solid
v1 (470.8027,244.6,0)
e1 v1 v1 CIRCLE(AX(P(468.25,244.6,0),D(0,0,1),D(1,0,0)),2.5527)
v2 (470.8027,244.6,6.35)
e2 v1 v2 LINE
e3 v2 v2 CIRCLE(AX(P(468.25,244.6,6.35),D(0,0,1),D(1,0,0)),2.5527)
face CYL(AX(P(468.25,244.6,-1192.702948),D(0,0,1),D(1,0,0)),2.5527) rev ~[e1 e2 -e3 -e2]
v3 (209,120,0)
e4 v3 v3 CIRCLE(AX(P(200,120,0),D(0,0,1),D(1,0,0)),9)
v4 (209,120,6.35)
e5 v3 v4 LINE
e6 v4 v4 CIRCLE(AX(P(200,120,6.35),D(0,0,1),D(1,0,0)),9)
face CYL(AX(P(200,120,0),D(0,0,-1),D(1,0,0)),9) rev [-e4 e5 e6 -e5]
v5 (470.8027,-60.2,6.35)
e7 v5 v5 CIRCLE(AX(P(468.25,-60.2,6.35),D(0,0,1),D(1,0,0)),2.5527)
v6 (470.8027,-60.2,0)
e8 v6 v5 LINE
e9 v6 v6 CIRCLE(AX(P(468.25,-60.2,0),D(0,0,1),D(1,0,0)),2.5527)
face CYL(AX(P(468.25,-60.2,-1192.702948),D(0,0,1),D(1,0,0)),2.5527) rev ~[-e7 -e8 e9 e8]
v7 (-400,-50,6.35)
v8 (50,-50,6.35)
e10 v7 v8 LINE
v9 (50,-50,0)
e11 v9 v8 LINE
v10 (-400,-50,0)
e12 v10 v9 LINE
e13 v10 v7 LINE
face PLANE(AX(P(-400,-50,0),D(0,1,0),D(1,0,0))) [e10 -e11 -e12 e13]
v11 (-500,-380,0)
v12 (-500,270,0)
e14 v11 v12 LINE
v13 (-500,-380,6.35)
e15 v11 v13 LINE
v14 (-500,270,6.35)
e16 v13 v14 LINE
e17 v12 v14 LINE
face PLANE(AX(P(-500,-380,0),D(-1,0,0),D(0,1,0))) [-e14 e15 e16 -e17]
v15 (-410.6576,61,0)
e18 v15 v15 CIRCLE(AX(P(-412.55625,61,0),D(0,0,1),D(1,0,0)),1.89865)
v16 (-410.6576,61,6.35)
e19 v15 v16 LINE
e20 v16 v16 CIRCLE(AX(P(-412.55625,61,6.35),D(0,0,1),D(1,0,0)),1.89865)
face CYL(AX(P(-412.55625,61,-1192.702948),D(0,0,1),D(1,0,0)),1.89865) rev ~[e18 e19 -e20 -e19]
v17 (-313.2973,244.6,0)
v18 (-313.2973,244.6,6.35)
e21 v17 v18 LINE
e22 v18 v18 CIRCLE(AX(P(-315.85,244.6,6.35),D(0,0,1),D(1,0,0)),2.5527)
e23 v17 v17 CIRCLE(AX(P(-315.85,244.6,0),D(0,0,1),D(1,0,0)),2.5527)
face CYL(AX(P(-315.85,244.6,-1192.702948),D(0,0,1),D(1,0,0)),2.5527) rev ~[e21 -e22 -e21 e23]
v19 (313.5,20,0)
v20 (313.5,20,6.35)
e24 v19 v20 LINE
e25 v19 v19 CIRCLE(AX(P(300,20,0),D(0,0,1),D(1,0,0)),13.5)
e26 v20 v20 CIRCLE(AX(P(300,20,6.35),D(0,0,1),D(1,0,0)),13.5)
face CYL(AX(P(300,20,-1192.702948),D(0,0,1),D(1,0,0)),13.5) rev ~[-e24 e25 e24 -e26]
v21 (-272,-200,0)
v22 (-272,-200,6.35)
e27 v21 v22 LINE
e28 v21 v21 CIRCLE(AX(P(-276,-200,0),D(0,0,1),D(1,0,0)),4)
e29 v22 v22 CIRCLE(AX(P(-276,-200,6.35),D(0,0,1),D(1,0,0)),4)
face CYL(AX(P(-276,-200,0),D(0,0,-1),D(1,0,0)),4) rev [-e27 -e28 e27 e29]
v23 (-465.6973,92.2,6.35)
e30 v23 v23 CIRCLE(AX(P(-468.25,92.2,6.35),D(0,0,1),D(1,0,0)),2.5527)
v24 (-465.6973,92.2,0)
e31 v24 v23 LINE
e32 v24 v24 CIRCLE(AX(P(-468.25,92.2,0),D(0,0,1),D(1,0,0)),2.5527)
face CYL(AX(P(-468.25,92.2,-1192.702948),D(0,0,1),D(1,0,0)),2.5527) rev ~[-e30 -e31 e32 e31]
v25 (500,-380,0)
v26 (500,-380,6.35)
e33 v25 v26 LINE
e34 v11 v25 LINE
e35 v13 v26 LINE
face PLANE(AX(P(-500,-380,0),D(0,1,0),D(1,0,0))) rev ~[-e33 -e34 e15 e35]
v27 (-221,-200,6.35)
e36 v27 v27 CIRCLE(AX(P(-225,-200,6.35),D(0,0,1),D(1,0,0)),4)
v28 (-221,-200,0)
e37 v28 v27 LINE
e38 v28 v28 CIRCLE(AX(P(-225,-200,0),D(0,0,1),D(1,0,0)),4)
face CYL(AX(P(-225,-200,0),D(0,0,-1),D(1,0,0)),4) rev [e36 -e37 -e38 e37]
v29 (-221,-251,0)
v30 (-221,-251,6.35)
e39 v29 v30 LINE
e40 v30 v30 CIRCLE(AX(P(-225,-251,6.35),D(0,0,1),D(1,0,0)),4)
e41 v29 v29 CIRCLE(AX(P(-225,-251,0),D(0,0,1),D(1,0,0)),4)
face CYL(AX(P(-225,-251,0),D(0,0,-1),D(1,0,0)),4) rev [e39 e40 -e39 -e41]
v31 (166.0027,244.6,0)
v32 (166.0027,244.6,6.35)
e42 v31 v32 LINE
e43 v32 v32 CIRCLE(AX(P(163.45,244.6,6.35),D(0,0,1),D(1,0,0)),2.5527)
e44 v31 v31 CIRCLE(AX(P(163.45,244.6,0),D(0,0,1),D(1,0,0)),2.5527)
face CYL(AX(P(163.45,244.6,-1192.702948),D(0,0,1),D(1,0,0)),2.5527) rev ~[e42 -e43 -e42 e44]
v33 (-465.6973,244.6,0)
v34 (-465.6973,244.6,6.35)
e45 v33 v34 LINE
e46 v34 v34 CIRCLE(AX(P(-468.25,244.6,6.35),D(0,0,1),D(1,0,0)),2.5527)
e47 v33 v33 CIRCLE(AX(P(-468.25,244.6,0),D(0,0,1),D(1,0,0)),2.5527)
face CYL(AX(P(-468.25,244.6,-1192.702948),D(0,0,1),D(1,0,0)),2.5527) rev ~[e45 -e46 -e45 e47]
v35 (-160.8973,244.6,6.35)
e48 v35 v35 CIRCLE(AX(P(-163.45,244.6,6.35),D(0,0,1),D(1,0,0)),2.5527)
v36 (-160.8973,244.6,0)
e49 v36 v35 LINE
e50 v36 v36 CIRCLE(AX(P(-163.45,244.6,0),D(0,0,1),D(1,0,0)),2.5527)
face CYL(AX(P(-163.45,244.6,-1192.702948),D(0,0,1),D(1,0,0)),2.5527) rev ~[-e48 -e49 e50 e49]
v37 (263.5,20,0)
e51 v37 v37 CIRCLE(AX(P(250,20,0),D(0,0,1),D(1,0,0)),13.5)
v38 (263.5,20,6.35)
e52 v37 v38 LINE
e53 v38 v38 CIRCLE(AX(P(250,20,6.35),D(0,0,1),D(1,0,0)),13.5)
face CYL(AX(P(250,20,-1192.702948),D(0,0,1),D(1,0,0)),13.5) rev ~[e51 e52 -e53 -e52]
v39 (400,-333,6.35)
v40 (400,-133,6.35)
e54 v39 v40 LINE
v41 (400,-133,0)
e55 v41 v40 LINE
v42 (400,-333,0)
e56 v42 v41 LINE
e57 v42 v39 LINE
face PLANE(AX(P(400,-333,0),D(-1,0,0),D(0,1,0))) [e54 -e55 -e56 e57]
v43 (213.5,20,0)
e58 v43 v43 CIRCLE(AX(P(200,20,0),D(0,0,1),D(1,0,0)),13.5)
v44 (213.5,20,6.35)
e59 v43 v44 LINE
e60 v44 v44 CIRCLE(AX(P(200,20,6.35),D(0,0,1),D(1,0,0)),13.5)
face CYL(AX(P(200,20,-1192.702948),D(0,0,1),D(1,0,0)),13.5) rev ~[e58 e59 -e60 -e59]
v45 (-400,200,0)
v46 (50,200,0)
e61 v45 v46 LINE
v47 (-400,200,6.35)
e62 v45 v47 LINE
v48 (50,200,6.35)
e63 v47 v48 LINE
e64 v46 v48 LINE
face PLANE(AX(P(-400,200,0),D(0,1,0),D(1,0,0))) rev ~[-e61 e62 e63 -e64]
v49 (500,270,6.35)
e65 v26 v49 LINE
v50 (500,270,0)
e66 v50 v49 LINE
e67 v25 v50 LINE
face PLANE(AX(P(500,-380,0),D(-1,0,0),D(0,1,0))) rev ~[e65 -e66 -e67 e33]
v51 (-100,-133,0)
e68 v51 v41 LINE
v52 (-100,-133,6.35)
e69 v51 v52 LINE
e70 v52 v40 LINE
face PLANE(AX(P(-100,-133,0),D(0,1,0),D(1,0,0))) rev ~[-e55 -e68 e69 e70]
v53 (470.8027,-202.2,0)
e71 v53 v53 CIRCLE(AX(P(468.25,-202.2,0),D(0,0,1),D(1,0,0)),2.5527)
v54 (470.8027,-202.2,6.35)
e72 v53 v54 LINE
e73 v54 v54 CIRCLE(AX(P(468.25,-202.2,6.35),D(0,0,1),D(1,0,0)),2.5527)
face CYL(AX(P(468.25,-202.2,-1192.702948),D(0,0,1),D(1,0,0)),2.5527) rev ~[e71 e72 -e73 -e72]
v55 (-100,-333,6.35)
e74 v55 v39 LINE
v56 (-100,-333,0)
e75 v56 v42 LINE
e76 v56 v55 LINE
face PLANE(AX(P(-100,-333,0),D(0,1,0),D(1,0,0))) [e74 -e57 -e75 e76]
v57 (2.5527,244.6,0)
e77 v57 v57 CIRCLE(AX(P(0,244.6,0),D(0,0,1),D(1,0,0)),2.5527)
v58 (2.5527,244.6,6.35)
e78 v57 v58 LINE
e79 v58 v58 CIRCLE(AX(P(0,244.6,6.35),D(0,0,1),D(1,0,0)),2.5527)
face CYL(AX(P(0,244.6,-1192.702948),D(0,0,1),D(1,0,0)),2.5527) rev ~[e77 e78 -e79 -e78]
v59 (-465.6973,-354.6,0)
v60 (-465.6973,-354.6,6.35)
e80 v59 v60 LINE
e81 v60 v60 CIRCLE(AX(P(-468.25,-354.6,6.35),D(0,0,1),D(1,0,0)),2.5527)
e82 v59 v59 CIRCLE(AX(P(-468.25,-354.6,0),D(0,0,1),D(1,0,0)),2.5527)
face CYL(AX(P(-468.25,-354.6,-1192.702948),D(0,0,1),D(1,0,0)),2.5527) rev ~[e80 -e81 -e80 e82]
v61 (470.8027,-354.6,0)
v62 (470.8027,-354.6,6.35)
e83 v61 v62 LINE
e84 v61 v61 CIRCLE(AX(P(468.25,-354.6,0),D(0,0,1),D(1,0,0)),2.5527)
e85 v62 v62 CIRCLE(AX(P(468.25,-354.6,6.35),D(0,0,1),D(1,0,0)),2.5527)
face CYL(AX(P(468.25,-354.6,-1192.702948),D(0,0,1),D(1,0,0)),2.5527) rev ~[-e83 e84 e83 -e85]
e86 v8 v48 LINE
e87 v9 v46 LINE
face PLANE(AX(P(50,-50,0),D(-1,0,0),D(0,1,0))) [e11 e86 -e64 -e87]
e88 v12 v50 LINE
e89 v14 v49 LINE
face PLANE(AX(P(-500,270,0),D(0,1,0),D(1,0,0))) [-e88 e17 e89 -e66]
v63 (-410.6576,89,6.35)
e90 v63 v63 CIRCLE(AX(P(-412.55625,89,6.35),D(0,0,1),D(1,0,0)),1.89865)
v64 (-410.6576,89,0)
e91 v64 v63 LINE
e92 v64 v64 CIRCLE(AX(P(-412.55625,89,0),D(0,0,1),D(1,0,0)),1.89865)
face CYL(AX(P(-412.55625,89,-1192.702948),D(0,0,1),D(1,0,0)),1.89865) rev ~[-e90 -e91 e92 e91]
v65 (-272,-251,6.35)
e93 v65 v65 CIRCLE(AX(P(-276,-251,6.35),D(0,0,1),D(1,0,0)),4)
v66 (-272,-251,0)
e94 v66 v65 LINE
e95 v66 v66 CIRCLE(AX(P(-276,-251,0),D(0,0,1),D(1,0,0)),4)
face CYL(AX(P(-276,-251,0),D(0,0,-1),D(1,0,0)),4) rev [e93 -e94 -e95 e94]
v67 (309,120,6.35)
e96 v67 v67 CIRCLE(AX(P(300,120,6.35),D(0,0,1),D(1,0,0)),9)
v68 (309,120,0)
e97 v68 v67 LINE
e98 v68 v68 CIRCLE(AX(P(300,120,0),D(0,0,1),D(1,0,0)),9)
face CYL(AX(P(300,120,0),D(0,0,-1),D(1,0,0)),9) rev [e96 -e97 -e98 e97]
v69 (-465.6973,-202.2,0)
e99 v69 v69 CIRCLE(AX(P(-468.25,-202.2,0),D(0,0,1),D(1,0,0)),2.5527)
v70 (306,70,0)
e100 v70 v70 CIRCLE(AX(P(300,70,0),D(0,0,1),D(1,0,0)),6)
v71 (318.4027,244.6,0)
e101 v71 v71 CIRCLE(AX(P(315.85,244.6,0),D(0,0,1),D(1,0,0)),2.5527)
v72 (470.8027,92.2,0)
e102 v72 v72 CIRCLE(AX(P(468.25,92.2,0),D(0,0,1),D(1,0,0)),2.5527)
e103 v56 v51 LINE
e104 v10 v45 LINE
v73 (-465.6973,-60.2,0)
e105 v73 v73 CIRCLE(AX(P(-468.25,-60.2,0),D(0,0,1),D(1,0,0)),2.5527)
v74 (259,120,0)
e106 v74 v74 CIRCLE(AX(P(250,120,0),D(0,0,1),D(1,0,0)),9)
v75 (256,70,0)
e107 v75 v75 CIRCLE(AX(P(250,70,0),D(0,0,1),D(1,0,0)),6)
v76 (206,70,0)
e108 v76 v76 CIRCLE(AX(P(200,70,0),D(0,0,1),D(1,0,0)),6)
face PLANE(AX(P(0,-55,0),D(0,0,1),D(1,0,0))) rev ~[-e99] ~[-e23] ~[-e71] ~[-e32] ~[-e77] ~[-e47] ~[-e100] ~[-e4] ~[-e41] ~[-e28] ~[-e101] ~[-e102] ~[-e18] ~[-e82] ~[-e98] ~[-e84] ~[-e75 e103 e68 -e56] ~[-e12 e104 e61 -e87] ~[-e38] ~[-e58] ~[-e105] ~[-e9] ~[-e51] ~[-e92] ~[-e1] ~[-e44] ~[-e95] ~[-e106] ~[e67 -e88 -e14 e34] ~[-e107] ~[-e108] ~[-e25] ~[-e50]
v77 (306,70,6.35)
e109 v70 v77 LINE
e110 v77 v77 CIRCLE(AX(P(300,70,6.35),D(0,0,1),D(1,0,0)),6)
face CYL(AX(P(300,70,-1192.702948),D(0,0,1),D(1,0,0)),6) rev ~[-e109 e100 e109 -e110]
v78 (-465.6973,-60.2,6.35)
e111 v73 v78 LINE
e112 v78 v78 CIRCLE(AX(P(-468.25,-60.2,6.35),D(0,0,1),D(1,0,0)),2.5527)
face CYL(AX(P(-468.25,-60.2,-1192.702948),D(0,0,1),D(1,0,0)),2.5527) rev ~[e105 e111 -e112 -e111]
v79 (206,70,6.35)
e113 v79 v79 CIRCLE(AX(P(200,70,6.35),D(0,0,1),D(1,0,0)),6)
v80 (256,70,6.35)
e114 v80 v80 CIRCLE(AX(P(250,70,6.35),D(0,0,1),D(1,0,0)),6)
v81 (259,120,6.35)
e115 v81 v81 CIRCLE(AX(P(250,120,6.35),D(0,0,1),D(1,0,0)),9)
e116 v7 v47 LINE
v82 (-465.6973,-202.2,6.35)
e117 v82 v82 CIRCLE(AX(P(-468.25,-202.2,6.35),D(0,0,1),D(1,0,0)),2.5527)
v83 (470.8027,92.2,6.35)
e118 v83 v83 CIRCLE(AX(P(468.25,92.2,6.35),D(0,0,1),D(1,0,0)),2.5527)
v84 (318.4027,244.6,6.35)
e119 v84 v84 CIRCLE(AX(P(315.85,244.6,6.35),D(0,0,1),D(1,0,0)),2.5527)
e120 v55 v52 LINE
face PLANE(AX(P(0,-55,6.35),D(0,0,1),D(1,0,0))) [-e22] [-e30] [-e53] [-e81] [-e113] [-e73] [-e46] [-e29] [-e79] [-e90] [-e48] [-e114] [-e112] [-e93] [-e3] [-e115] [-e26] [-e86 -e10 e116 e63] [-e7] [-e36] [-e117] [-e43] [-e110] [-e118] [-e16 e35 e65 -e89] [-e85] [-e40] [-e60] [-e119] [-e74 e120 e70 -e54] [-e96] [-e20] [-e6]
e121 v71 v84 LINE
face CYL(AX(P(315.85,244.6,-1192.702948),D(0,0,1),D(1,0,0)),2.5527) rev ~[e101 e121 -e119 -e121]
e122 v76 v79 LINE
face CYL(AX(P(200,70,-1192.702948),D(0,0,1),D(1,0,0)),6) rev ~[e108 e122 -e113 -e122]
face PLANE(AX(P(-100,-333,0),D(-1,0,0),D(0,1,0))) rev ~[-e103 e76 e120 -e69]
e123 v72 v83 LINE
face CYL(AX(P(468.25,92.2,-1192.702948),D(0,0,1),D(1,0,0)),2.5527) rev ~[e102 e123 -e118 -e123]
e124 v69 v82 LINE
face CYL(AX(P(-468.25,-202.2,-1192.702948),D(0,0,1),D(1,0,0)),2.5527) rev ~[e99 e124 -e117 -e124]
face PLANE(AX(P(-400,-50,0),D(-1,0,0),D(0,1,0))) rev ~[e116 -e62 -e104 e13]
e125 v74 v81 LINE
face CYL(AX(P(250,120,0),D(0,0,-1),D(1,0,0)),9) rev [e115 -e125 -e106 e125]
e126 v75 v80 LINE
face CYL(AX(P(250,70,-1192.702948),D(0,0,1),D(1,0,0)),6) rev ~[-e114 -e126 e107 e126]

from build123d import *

# Parameters (mm, degrees)
SKETCH1_W                             = 1000
SKETCH1_H                             = 650
BOSS_EXTRUDE1_DEPTH                   = 6.35
SKETCH2_R                             = 9
SKETCH2_R_2                           = 4
SKETCH2_W                             = 500
SKETCH2_H                             = 200
SKETCH2_W_2                           = 450
SKETCH2_H_2                           = 250
CUT_EXTRUDE1_DEPTH                    = 6.35
F_10_CLEARANCE_HOLE1_MOUNTING_HOLES_D = 5.1054
M27_CLEARANCE_HOLE1_BUTTONS_D         = 27
F_12_0MM_DOWEL_HOLE1_SWITCHES_D       = 12
F_6_CLEARANCE_HOLE2_D                 = 3.7973


with BuildPart() as part:
    # Sketch1 → Boss-Extrude1 (new body)
    with BuildSketch(Plane.XY):
        with Locations((0, -55)):
            Rectangle(SKETCH1_W, SKETCH1_H)
    extrude(amount=BOSS_EXTRUDE1_DEPTH)

    # Sketch2 → Cut-Extrude1 (cut)
    with BuildSketch(Plane.XY):
        with Locations((300, 120)):
            Circle(SKETCH2_R)
        with Locations((250, 120)):
            Circle(SKETCH2_R)
        with Locations((200, 120)):
            Circle(SKETCH2_R)
        with Locations((-225, -251)):
            Circle(SKETCH2_R_2)
        with Locations((-225, -200)):
            Circle(SKETCH2_R_2)
        with Locations((-276, -200)):
            Circle(SKETCH2_R_2)
        with Locations((-276, -251)):
            Circle(SKETCH2_R_2)
        with Locations((150, -233)):
            Rectangle(SKETCH2_W, SKETCH2_H)
        with Locations((-175, 75)):
            Rectangle(SKETCH2_W_2, SKETCH2_H_2)
    extrude(amount=CUT_EXTRUDE1_DEPTH, mode=Mode.SUBTRACT)

    # #10 Clearance Hole1 - Mounting Holes (through all)
    with Locations(Plane(origin=(0, 0, 0), x_dir=(-1, 0, 0), z_dir=(0, 0, -1))):
        with Locations((-468.25, -354.6), (-468.25, -202.2), (-468.25, -60.2), (-468.25, 92.2), (-468.25, 244.6), (-315.85, 244.6), (-163.45, 244.6), (0, 244.6), (163.45, 244.6), (315.85, 244.6), (468.25, 244.6), (468.25, 92.2), (468.25, -354.6), (468.25, -202.2), (468.25, -60.2)):
            Hole(F_10_CLEARANCE_HOLE1_MOUNTING_HOLES_D / 2)

    # M27 Clearance Hole1 - Buttons (through all)
    with Locations(Plane(origin=(0, 0, 0), x_dir=(-1, 0, 0), z_dir=(0, 0, -1))):
        with Locations((-300, 20), (-250, 20), (-200, 20)):
            Hole(M27_CLEARANCE_HOLE1_BUTTONS_D / 2)

    # Ø12.0mm Dowel Hole1 - Switches (through all)
    with Locations(Plane(origin=(0, 0, 0), x_dir=(-1, 0, 0), z_dir=(0, 0, -1))):
        with Locations((-300, 70), (-250, 70), (-200, 70)):
            Hole(F_12_0MM_DOWEL_HOLE1_SWITCHES_D / 2)

    # #6 Clearance Hole2 (through all)
    with Locations(Plane(origin=(0, 0, 0), x_dir=(-1, 0, 0), z_dir=(0, 0, -1))):
        with Locations((412.55625, 89), (412.55625, 61)):
            Hole(F_6_CLEARANCE_HOLE2_D / 2)


solid = part.part
